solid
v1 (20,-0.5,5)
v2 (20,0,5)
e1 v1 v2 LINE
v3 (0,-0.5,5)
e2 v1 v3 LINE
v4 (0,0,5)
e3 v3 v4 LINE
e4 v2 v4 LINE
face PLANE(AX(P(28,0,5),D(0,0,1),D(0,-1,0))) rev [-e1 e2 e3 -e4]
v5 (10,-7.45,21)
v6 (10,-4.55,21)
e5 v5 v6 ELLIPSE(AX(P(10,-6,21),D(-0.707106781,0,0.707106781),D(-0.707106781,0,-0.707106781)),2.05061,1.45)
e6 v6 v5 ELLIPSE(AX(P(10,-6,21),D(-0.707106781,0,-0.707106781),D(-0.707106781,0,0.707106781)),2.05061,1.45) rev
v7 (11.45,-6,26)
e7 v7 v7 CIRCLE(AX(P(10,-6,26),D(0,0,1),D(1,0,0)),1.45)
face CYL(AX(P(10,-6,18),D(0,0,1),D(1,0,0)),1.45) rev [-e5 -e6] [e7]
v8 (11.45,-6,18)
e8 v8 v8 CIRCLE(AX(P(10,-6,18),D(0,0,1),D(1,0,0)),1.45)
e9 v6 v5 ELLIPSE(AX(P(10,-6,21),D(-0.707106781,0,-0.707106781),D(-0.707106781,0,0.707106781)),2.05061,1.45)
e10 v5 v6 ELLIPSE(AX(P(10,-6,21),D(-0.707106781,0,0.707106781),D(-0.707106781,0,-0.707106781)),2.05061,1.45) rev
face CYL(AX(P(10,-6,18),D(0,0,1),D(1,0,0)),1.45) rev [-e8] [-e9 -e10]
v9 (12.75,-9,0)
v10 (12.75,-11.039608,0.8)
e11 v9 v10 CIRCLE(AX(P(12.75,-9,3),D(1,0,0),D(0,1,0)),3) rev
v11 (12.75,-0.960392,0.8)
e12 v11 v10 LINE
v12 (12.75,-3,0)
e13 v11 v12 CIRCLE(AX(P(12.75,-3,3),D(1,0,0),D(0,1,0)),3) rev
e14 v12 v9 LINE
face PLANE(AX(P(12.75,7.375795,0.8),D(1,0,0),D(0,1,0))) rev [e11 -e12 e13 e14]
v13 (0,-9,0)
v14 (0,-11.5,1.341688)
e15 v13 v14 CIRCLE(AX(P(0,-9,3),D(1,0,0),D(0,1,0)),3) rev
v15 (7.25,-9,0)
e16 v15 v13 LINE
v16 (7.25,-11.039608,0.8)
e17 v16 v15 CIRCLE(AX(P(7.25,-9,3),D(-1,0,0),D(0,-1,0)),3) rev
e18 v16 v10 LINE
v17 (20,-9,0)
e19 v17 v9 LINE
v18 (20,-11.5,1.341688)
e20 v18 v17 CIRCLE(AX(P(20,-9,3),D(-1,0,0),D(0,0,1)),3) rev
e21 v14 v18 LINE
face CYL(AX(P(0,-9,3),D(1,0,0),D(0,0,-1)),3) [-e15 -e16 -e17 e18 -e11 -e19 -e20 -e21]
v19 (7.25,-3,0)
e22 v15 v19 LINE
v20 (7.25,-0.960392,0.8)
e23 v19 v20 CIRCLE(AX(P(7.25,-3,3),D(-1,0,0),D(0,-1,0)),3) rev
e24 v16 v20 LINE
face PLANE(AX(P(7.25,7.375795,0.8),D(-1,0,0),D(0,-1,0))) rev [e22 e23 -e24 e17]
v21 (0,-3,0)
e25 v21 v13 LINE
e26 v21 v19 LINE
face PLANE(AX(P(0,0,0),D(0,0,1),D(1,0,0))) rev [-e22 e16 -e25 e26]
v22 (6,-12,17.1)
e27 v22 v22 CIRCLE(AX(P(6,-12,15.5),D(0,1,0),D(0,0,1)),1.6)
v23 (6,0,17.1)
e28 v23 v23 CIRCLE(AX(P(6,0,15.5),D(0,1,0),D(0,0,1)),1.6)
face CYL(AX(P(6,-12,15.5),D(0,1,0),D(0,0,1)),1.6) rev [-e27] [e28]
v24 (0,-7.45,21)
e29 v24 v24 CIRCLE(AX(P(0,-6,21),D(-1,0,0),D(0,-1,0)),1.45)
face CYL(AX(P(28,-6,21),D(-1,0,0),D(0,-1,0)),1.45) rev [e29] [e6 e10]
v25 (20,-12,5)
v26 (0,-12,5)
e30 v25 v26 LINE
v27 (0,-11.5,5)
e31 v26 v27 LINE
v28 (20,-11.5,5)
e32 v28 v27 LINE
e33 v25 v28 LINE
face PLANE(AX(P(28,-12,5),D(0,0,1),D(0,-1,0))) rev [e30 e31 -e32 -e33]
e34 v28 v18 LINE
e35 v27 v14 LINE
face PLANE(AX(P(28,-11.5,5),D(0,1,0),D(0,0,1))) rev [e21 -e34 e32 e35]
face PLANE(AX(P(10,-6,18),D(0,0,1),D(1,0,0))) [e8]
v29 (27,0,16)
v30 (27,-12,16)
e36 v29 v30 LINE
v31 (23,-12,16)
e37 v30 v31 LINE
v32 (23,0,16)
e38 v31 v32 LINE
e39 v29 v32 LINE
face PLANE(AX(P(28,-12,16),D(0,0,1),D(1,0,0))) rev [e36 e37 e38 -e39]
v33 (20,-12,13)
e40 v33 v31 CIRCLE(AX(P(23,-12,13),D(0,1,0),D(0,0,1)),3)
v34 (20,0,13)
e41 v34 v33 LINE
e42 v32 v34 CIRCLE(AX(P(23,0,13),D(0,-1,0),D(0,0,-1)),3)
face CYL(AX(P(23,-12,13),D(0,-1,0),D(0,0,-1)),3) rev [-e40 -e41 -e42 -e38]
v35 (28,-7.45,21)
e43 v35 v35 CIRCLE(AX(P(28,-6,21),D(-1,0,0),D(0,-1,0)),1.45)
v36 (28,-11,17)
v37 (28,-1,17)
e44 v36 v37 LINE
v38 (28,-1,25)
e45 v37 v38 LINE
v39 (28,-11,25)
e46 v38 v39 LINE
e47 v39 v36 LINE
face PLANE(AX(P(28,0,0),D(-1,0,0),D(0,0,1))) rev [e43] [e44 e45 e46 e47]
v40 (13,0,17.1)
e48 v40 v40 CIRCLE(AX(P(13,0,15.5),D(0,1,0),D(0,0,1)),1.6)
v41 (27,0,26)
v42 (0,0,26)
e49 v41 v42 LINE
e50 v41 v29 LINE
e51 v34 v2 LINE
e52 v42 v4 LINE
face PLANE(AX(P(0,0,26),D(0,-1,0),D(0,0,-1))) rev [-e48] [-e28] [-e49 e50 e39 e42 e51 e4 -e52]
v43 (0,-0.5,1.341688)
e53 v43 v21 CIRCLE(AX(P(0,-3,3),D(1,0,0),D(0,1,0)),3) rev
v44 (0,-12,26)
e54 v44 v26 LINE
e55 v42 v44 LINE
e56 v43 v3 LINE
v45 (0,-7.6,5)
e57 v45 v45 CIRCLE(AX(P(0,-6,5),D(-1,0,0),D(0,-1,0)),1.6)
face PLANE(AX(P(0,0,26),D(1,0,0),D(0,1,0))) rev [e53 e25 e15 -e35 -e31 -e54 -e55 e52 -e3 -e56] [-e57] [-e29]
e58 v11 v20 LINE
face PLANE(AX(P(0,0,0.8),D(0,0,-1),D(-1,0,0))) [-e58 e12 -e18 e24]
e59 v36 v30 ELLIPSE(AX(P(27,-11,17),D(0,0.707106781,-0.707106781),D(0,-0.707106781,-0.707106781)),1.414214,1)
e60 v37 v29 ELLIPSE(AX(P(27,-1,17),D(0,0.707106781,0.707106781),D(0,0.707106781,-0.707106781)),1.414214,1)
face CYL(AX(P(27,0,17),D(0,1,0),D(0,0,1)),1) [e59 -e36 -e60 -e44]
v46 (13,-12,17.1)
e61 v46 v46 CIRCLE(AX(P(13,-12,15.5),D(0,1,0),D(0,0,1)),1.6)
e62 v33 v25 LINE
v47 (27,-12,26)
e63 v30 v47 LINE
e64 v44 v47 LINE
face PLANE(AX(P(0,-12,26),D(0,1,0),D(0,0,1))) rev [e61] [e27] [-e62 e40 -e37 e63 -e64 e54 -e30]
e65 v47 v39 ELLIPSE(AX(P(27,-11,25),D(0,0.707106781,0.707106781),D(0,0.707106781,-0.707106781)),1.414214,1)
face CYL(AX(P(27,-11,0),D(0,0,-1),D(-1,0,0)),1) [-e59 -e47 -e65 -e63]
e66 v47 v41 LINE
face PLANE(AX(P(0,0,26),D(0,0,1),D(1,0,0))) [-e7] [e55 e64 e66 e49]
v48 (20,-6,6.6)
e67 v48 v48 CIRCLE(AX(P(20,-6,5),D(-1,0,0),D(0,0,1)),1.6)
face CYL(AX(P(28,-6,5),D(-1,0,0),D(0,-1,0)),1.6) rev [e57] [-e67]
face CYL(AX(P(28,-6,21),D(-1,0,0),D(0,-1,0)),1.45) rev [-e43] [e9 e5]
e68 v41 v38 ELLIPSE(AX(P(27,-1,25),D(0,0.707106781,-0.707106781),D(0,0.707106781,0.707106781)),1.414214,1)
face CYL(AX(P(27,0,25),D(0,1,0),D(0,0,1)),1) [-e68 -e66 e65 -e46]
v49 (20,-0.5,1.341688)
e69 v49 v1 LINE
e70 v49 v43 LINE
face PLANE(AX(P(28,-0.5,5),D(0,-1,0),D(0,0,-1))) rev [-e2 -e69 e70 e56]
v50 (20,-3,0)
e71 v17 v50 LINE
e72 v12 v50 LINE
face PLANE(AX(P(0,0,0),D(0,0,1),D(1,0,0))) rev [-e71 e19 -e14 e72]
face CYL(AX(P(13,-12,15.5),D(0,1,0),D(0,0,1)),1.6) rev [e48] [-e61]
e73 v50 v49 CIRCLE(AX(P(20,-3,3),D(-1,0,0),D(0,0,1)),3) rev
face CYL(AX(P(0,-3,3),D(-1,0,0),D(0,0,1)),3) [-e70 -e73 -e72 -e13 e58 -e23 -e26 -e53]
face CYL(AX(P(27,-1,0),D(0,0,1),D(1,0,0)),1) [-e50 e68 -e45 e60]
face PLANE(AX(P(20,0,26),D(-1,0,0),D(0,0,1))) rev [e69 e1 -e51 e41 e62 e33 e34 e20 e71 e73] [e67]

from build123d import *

# Parameters (mm, degrees)
SKETCH1_W           = 20
SKETCH1_H           = 12
BOSS_EXTRUDE1_DEPTH = 26
SKETCH2_W           = 10
SKETCH2_H           = 12
BOSS_EXTRUDE2_DEPTH = 8
SKETCH3_R           = 1.6
SKETCH3_R_2         = 1.45
CUT_EXTRUDE1_DEPTH  = 41.049968789
SKETCH4_R           = 1.6
CUT_EXTRUDE2_DEPTH  = 41.049968789
FILLET1_R           = 3
FILLET2_R           = 1
FILLET3_R           = 3
SKETCH5_W           = 9.976745634
SKETCH5_H           = 0.5
SKETCH5_W_2         = 12.25993895
CUT_EXTRUDE3_DEPTH  = 41.049968789
SKETCH6_W           = 5.5
SKETCH6_H           = 30.488056323
CUT_EXTRUDE4_DEPTH  = 0.8
SKETCH7_R           = 1.45
CUT_EXTRUDE5_DEPTH  = 8


with BuildPart() as part:
    # Sketch1 → Boss-Extrude1 (new body)
    with BuildSketch(Plane.XY):
        with Locations((10, -6)):
            Rectangle(SKETCH1_W, SKETCH1_H)
    extrude(amount=BOSS_EXTRUDE1_DEPTH)

    # Sketch2 → Boss-Extrude2 (add)
    with BuildSketch(Plane(origin=(20, 0, 0), x_dir=(0, 0, -1), z_dir=(1, 0, 0))):
        with Locations((-21, -6)):
            Rectangle(SKETCH2_W, SKETCH2_H)
    extrude(amount=BOSS_EXTRUDE2_DEPTH)

    # Sketch3 → Cut-Extrude1 (cut, through all)
    with BuildSketch(Plane.ZY):
        with Locations(Location((5, -6, 0), (0, 0, 270))):
            Circle(SKETCH3_R)
        with Locations(Location((21, -6, 0), (0, 0, 270))):
            Circle(SKETCH3_R_2)
    extrude(amount=-CUT_EXTRUDE1_DEPTH, mode=Mode.SUBTRACT)

    # Sketch4 → Cut-Extrude2 (cut, through all)
    with BuildSketch(Plane(origin=(0, 0, 0), x_dir=(1, 0, 0), z_dir=(0, 1, 0))):
        with Locations(Location((13, -15.5, 0), (0, 0, 270))):
            Circle(SKETCH4_R)
        with Locations(Location((6, -15.5, 0), (0, 0, 270))):
            Circle(SKETCH4_R)
    extrude(amount=-CUT_EXTRUDE2_DEPTH, mode=Mode.SUBTRACT)

    # Fillet1
    fillet1_edges = [part.edges().sort_by_distance(p)[0] for p in [
        (20, -6, 16),
    ]]
    fillet(fillet1_edges, radius=FILLET1_R)

    # Fillet2
    fillet2_edges = [part.edges().sort_by_distance(p)[0] for p in [
        (28, -6, 26),
        (28, -12, 21),
        (28, -6, 16),
        (28, 0, 21),
    ]]
    fillet(fillet2_edges, radius=FILLET2_R)

    # Fillet3
    fillet3_edges = [part.edges().sort_by_distance(p)[0] for p in [
        (10, 0, 0),
        (10, -12, 0),
    ]]
    fillet(fillet3_edges, radius=FILLET3_R)

    # Sketch5 → Cut-Extrude3 (cut, through all)
    with BuildSketch(Plane.ZY):
        with Locations((0.011627183, -11.75)):
            Rectangle(SKETCH5_W, SKETCH5_H)
        with Locations((-1.129969475, -0.25)):
            Rectangle(SKETCH5_W_2, SKETCH5_H)
    extrude(amount=-CUT_EXTRUDE3_DEPTH, mode=Mode.SUBTRACT)

    # Sketch6 → Cut-Extrude4 (cut)
    with BuildSketch(Plane(origin=(0, 0, 0), x_dir=(-1, 0, 0), z_dir=(0, 0, -1))):
        with Locations((-10, -7.868232937)):
            Rectangle(SKETCH6_W, SKETCH6_H)
    extrude(amount=-CUT_EXTRUDE4_DEPTH, mode=Mode.SUBTRACT)

    # Sketch7 → Cut-Extrude5 (cut)
    with BuildSketch(Plane.XY.offset(26)):
        with Locations((10, -6)):
            Circle(SKETCH7_R)
    extrude(amount=-CUT_EXTRUDE5_DEPTH, mode=Mode.SUBTRACT)


solid = part.part
